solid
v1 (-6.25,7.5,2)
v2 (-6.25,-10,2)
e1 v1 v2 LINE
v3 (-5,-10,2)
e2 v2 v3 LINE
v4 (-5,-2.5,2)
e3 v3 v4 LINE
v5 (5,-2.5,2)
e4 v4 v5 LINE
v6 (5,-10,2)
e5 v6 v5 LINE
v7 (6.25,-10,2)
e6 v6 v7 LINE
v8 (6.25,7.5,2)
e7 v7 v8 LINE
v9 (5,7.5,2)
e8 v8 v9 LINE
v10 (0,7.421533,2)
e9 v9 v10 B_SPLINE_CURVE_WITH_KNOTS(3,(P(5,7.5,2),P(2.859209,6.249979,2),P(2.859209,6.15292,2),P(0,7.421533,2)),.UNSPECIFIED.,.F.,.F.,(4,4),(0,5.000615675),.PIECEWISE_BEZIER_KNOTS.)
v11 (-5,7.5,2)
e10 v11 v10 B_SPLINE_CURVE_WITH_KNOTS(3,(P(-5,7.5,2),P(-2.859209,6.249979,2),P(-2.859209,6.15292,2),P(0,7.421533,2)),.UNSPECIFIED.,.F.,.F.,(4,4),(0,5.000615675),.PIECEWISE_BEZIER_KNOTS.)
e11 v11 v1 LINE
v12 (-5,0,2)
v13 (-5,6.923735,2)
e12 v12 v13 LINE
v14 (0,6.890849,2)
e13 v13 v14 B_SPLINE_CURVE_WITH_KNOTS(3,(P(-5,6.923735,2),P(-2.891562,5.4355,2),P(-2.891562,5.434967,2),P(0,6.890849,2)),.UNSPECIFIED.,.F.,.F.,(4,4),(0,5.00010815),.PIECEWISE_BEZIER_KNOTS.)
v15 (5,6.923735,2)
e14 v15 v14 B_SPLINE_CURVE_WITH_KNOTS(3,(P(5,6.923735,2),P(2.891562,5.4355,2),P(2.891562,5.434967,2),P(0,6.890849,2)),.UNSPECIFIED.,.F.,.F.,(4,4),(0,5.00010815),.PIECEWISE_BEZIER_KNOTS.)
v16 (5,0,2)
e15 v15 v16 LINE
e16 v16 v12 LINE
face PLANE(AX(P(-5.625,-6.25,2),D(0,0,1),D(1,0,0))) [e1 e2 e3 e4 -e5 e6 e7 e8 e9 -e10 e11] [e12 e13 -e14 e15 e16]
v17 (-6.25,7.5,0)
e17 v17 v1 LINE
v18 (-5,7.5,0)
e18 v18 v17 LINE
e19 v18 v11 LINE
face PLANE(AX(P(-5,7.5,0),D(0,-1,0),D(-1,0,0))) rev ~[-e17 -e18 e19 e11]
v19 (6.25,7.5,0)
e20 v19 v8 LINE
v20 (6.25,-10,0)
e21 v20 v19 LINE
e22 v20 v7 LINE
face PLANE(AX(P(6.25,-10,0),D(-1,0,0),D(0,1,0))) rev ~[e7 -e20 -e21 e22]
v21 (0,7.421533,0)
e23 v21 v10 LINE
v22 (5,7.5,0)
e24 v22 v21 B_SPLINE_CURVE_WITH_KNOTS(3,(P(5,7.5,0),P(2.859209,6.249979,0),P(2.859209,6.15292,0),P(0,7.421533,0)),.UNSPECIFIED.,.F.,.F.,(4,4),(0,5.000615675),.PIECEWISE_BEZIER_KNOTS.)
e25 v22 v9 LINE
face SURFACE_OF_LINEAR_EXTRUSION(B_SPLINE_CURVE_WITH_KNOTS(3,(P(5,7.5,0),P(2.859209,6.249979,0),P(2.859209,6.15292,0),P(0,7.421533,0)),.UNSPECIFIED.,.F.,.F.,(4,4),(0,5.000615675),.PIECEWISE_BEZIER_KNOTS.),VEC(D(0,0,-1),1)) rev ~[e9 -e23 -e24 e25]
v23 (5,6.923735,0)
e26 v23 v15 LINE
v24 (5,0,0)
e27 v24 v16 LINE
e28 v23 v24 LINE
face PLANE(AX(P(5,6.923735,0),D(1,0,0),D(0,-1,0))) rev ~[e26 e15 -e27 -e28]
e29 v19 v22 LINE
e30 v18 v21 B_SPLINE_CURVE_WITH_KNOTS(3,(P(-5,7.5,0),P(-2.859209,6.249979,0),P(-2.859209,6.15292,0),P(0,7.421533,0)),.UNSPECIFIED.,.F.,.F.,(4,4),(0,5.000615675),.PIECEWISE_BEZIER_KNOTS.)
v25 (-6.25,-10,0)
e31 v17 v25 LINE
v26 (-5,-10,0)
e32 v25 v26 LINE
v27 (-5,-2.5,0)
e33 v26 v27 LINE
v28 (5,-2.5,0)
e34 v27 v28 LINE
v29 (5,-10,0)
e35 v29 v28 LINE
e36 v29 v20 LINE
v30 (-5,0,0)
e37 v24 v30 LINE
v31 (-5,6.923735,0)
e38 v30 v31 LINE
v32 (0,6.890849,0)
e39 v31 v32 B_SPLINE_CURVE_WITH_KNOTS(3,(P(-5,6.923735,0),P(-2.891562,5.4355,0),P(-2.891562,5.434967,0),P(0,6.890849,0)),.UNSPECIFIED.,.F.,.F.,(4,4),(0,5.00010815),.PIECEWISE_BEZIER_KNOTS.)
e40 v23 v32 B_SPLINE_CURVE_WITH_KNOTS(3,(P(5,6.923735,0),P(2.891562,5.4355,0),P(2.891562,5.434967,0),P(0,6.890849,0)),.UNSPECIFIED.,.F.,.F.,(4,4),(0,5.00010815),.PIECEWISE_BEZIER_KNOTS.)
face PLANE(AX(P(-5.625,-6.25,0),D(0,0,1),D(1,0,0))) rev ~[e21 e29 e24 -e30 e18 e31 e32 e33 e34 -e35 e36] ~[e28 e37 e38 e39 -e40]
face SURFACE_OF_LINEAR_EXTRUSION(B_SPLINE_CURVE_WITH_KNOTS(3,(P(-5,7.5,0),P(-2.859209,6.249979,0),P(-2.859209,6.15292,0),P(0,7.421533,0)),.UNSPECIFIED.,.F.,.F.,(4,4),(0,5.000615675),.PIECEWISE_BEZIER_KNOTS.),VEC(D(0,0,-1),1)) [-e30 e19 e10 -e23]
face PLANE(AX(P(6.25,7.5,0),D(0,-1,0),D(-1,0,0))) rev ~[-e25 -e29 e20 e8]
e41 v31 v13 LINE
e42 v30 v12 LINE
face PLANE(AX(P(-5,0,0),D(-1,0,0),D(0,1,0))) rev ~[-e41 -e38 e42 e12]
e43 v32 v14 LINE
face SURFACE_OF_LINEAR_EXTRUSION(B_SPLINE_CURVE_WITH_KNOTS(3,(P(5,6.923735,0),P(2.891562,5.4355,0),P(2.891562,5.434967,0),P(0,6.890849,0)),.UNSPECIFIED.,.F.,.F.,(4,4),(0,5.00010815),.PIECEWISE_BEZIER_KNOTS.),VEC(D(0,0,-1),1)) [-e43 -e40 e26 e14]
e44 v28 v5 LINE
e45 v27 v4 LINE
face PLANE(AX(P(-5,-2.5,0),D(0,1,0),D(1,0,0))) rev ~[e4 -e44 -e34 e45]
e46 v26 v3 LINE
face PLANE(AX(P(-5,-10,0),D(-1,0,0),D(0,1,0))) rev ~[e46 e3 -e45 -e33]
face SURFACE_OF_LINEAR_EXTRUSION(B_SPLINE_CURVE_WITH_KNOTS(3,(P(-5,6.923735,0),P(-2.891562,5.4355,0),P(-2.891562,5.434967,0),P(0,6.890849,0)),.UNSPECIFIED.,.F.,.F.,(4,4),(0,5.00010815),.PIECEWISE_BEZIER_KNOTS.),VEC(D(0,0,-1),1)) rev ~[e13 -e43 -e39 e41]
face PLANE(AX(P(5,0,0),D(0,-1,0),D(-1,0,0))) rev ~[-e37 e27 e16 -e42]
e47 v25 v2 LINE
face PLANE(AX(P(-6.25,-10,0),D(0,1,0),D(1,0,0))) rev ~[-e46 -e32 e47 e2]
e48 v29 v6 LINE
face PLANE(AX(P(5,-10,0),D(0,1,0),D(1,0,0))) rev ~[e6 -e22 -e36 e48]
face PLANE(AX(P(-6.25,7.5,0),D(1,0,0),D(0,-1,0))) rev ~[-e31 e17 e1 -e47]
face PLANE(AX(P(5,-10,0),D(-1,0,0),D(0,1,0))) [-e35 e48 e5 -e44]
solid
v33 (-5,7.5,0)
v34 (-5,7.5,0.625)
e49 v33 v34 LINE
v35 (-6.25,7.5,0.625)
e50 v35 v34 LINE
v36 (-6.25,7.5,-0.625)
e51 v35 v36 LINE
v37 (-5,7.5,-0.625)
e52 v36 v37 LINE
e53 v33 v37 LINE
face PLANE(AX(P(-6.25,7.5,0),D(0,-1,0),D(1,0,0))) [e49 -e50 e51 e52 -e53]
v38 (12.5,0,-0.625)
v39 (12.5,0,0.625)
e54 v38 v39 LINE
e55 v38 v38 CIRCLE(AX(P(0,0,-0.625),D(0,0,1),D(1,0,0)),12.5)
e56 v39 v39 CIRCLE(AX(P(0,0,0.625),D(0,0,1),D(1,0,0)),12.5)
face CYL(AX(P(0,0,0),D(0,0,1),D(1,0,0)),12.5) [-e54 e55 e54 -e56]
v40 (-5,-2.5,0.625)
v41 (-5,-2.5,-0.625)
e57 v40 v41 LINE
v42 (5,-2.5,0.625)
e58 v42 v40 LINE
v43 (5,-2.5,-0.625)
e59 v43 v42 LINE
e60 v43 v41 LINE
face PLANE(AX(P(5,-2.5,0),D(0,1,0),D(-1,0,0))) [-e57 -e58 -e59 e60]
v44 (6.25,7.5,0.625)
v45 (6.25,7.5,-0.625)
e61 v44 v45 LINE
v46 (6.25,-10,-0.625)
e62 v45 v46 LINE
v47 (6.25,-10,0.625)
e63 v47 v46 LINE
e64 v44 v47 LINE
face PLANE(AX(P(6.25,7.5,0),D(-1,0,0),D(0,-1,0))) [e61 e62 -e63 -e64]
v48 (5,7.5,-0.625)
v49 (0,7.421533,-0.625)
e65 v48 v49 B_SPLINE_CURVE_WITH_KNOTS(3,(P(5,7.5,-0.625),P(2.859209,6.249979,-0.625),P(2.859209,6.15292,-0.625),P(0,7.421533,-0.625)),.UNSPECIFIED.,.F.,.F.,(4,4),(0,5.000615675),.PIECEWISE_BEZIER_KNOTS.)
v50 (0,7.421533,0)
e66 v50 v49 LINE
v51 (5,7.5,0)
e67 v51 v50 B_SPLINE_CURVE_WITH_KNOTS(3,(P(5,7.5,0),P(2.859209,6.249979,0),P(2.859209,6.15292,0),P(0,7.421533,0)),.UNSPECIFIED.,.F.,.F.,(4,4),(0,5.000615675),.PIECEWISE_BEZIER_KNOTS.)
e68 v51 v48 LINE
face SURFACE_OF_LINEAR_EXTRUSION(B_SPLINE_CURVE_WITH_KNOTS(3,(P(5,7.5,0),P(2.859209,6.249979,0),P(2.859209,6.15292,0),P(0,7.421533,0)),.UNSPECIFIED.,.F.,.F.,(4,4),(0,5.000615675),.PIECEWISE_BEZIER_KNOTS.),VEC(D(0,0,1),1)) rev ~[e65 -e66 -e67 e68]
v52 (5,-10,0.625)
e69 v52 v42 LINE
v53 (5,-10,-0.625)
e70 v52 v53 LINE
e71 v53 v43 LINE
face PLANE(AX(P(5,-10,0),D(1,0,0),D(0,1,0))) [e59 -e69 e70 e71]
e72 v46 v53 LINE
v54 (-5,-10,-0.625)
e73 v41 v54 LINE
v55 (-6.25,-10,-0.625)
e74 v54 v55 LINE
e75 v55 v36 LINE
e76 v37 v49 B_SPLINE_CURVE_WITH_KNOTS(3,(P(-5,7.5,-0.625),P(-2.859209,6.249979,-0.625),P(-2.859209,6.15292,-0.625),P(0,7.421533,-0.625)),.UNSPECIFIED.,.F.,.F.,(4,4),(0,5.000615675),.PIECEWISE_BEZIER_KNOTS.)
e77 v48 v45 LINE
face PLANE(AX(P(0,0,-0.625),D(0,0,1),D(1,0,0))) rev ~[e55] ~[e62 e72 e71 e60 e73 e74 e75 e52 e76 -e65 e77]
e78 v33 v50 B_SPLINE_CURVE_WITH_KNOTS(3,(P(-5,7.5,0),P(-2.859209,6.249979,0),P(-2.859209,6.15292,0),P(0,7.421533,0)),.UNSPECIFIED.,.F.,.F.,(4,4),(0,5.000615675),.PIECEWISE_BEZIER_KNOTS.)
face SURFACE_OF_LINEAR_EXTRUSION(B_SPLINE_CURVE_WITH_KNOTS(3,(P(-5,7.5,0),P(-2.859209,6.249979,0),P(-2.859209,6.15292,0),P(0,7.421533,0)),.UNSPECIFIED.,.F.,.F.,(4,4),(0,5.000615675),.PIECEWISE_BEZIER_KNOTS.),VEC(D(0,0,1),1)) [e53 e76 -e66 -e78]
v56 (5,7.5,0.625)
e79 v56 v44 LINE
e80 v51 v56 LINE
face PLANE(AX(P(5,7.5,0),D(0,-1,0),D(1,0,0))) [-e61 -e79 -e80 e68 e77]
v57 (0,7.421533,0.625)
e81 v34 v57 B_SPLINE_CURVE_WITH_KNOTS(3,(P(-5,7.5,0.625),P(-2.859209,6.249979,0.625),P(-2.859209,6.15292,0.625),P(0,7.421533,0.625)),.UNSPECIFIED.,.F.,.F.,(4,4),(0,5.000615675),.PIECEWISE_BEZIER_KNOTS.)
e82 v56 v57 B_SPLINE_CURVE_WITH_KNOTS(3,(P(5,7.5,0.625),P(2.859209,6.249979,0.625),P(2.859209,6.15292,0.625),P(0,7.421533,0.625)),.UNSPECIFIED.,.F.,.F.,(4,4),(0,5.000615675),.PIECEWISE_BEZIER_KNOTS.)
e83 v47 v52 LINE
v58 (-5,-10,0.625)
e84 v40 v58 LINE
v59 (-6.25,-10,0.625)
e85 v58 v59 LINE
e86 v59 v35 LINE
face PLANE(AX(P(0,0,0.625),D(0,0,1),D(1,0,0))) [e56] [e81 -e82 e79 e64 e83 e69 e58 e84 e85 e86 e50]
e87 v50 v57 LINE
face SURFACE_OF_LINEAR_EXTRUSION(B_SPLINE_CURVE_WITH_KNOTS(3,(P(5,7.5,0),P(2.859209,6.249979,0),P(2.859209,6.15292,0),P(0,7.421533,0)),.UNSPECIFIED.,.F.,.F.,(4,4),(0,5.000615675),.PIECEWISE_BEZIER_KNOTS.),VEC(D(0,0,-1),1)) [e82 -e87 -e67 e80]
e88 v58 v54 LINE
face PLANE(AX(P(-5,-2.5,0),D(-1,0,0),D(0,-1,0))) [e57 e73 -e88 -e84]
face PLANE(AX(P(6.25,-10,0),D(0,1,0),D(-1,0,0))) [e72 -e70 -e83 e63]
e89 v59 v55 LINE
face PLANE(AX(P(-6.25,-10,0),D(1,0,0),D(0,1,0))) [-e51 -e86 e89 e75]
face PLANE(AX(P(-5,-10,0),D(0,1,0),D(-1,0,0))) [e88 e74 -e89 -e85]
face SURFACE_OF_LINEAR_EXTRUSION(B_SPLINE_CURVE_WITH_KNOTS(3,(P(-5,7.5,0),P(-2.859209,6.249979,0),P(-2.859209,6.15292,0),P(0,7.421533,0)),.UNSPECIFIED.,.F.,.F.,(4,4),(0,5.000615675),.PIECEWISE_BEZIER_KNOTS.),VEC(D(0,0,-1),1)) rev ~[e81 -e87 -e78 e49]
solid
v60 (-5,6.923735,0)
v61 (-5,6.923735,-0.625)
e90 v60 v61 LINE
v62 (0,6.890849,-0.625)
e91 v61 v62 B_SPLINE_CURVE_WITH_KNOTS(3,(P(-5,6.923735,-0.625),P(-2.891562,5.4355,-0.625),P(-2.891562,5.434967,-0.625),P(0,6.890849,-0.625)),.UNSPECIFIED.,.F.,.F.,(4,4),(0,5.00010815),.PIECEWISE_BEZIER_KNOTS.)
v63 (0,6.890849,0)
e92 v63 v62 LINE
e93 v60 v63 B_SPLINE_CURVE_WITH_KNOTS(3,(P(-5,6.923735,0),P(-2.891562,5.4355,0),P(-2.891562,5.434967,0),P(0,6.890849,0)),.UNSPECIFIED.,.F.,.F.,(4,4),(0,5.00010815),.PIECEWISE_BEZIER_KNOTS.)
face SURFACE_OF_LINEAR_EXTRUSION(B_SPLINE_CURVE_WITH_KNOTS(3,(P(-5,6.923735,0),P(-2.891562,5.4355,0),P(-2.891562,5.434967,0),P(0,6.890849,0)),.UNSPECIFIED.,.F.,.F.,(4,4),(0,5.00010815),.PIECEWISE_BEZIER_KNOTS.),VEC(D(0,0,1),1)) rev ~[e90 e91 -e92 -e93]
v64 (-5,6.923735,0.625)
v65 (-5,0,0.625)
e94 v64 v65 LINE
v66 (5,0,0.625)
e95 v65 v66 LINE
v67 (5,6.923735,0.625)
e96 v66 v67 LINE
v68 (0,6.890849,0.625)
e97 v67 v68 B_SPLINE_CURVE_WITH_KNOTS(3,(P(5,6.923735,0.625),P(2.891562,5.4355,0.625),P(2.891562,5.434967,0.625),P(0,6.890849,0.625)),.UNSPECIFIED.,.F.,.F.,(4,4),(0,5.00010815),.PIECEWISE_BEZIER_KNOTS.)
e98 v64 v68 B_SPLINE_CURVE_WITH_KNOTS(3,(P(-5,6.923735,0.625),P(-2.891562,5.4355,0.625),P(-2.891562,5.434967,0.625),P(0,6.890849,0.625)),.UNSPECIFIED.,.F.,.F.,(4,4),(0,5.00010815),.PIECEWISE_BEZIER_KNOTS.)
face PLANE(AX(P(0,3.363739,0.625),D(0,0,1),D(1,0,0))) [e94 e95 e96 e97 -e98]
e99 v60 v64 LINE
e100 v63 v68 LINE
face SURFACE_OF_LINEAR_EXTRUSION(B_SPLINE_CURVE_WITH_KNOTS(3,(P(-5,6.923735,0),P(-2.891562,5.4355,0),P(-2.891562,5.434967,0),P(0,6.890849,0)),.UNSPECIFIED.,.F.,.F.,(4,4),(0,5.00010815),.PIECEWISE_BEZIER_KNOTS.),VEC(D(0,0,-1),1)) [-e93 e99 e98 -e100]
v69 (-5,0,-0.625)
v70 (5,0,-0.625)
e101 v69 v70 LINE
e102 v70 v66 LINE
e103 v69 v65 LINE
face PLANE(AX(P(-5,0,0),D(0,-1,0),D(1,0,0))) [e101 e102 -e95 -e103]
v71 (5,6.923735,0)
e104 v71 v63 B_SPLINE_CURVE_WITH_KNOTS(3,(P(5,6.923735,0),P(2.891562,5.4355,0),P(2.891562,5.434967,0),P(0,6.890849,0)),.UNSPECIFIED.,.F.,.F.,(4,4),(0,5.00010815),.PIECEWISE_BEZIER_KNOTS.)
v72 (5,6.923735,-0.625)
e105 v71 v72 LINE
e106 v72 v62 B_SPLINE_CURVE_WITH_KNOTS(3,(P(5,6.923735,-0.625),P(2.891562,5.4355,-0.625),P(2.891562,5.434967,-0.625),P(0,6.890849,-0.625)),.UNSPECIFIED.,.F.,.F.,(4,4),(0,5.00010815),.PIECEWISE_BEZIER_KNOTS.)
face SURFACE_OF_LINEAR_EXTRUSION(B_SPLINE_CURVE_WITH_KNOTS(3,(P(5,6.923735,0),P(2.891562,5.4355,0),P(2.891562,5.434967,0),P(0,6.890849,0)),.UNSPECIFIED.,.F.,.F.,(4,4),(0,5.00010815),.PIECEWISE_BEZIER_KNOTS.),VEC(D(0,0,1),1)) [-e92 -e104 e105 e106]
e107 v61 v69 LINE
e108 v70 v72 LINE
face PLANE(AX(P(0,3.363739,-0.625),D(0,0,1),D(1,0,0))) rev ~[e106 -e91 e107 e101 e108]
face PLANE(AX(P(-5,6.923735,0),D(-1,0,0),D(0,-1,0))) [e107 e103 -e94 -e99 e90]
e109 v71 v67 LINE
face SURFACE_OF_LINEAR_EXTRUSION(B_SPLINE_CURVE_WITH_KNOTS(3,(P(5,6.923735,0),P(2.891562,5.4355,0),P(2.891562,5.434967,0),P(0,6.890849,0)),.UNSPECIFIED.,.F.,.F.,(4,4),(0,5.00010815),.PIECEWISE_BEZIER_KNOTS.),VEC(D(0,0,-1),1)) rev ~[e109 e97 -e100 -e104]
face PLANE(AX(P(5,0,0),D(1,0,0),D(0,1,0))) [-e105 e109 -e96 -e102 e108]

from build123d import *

# Parameters (mm, degrees)
F1_DEPTH = 0.625
F0_R     = 12.5
F0_W     = 1.25
F0_H     = 7.5
F2_DEPTH = 2


with BuildPart() as f1:
    # F0 (on Top) → F1 (new body, symmetric)
    with BuildSketch(Plane.XY):
        with BuildLine():
            Line((-5, 6.9237351418), (-5, 0))
            Line((-5, 0), (5, 0))
            Line((5, 0), (5, 6.9237351418))
            add(Edge.make_bspline(
                [(5, 6.9237351418), (2.8915624134, 5.4354998283), (2.8915624134, 5.4349666461), (0, 6.8908487447)],
                knots=[0, 0, 0, 0, 5.0001081503, 5.0001081503, 5.0001081503, 5.0001081503], degree=3))
            add(Edge.make_bspline(
                [(-5, 6.9237351418), (-2.8915624134, 5.4354998283), (-2.8915624134, 5.4349666461), (0, 6.8908487447)],
                knots=[0, 0, 0, 0, 5.0001081503, 5.0001081503, 5.0001081503, 5.0001081503], degree=3))
        make_face()
    extrude(amount=F1_DEPTH, both=True)


with BuildPart() as f1b:
    # F0 (on Top) → F1, piece 2 (new body, symmetric)
    with BuildSketch(Plane.XY):
        Circle(F0_R)
        with BuildLine():
            Line((5, -2.5), (-5, -2.5))
            Line((-5, -2.5), (-5, -10))
            Line((-5, -10), (-6.25, -10))
            Line((-6.25, -10), (-6.25, -2.5))
            Line((-6.25, -2.5), (-6.25, 0))
            Line((-6.25, 0), (-6.25, 7.5))
            Line((-6.25, 7.5), (-5, 7.5))
            add(Edge.make_bspline(
                [(-5, 7.5), (-2.8592094313, 6.2499786727), (-2.8592094313, 6.1529199593), (0, 7.4215326458)],
                knots=[0, 0, 0, 0, 5.0006156747, 5.0006156747, 5.0006156747, 5.0006156747], degree=3))
            add(Edge.make_bspline(
                [(5, 7.5), (2.8592094313, 6.2499786727), (2.8592094313, 6.1529199593), (0, 7.4215326458)],
                knots=[0, 0, 0, 0, 5.0006156747, 5.0006156747, 5.0006156747, 5.0006156747], degree=3))
            Line((5, 7.5), (6.25, 7.5))
            Line((6.25, 7.5), (6.25, 0))
            Line((6.25, 0), (6.25, -2.5))
            Line((6.25, -2.5), (6.25, -10))
            Line((6.25, -10), (5, -10))
            Line((5, -10), (5, -2.5))
        make_face(mode=Mode.SUBTRACT)
    extrude(amount=F1_DEPTH, both=True)


with BuildPart() as f2:
    # F0 (on Top) → F2 (new body)
    with BuildSketch(Plane.XY):
        with Locations((-5.625, -6.25)):
            Rectangle(F0_W, F0_H)
        Polygon((-6.25, -2.5), (-5, -2.5), (5, -2.5), (6.25, -2.5), (6.25, 0), (5, 0), (-5, 0), (-6.25, 0), align=None)
        Polygon((-6.25, 7.5), (-6.25, 0), (-5, 0), (-5, 6.9237351418), (-5, 7.5), align=None)
        with BuildLine():
            Line((-5, 7.5), (-5, 6.9237351418))
            add(Edge.make_bspline(
                [(-5, 6.9237351418), (-2.8915624134, 5.4354998283), (-2.8915624134, 5.4349666461), (0, 6.8908487447)],
                knots=[0, 0, 0, 0, 5.0001081503, 5.0001081503, 5.0001081503, 5.0001081503], degree=3))
            add(Edge.make_bspline(
                [(5, 6.9237351418), (2.8915624134, 5.4354998283), (2.8915624134, 5.4349666461), (0, 6.8908487447)],
                knots=[0, 0, 0, 0, 5.0001081503, 5.0001081503, 5.0001081503, 5.0001081503], degree=3))
            Line((5, 6.9237351418), (5, 7.5))
            add(Edge.make_bspline(
                [(5, 7.5), (2.8592094313, 6.2499786727), (2.8592094313, 6.1529199593), (0, 7.4215326458)],
                knots=[0, 0, 0, 0, 5.0006156747, 5.0006156747, 5.0006156747, 5.0006156747], degree=3))
            add(Edge.make_bspline(
                [(-5, 7.5), (-2.8592094313, 6.2499786727), (-2.8592094313, 6.1529199593), (0, 7.4215326458)],
                knots=[0, 0, 0, 0, 5.0006156747, 5.0006156747, 5.0006156747, 5.0006156747], degree=3))
        make_face()
        Polygon((5, 0), (6.25, 0), (6.25, 7.5), (5, 7.5), (5, 6.9237351418), align=None)
        with Locations((5.625, -6.25)):
            Rectangle(F0_W, F0_H)
    extrude(amount=F2_DEPTH)


with BuildPart() as f3_1:
    # F3: copy of F1b
    add(f1b.part.moved(Location((30, 0, 0))))


solid = Compound([f1.part, f1b.part, f2.part])
